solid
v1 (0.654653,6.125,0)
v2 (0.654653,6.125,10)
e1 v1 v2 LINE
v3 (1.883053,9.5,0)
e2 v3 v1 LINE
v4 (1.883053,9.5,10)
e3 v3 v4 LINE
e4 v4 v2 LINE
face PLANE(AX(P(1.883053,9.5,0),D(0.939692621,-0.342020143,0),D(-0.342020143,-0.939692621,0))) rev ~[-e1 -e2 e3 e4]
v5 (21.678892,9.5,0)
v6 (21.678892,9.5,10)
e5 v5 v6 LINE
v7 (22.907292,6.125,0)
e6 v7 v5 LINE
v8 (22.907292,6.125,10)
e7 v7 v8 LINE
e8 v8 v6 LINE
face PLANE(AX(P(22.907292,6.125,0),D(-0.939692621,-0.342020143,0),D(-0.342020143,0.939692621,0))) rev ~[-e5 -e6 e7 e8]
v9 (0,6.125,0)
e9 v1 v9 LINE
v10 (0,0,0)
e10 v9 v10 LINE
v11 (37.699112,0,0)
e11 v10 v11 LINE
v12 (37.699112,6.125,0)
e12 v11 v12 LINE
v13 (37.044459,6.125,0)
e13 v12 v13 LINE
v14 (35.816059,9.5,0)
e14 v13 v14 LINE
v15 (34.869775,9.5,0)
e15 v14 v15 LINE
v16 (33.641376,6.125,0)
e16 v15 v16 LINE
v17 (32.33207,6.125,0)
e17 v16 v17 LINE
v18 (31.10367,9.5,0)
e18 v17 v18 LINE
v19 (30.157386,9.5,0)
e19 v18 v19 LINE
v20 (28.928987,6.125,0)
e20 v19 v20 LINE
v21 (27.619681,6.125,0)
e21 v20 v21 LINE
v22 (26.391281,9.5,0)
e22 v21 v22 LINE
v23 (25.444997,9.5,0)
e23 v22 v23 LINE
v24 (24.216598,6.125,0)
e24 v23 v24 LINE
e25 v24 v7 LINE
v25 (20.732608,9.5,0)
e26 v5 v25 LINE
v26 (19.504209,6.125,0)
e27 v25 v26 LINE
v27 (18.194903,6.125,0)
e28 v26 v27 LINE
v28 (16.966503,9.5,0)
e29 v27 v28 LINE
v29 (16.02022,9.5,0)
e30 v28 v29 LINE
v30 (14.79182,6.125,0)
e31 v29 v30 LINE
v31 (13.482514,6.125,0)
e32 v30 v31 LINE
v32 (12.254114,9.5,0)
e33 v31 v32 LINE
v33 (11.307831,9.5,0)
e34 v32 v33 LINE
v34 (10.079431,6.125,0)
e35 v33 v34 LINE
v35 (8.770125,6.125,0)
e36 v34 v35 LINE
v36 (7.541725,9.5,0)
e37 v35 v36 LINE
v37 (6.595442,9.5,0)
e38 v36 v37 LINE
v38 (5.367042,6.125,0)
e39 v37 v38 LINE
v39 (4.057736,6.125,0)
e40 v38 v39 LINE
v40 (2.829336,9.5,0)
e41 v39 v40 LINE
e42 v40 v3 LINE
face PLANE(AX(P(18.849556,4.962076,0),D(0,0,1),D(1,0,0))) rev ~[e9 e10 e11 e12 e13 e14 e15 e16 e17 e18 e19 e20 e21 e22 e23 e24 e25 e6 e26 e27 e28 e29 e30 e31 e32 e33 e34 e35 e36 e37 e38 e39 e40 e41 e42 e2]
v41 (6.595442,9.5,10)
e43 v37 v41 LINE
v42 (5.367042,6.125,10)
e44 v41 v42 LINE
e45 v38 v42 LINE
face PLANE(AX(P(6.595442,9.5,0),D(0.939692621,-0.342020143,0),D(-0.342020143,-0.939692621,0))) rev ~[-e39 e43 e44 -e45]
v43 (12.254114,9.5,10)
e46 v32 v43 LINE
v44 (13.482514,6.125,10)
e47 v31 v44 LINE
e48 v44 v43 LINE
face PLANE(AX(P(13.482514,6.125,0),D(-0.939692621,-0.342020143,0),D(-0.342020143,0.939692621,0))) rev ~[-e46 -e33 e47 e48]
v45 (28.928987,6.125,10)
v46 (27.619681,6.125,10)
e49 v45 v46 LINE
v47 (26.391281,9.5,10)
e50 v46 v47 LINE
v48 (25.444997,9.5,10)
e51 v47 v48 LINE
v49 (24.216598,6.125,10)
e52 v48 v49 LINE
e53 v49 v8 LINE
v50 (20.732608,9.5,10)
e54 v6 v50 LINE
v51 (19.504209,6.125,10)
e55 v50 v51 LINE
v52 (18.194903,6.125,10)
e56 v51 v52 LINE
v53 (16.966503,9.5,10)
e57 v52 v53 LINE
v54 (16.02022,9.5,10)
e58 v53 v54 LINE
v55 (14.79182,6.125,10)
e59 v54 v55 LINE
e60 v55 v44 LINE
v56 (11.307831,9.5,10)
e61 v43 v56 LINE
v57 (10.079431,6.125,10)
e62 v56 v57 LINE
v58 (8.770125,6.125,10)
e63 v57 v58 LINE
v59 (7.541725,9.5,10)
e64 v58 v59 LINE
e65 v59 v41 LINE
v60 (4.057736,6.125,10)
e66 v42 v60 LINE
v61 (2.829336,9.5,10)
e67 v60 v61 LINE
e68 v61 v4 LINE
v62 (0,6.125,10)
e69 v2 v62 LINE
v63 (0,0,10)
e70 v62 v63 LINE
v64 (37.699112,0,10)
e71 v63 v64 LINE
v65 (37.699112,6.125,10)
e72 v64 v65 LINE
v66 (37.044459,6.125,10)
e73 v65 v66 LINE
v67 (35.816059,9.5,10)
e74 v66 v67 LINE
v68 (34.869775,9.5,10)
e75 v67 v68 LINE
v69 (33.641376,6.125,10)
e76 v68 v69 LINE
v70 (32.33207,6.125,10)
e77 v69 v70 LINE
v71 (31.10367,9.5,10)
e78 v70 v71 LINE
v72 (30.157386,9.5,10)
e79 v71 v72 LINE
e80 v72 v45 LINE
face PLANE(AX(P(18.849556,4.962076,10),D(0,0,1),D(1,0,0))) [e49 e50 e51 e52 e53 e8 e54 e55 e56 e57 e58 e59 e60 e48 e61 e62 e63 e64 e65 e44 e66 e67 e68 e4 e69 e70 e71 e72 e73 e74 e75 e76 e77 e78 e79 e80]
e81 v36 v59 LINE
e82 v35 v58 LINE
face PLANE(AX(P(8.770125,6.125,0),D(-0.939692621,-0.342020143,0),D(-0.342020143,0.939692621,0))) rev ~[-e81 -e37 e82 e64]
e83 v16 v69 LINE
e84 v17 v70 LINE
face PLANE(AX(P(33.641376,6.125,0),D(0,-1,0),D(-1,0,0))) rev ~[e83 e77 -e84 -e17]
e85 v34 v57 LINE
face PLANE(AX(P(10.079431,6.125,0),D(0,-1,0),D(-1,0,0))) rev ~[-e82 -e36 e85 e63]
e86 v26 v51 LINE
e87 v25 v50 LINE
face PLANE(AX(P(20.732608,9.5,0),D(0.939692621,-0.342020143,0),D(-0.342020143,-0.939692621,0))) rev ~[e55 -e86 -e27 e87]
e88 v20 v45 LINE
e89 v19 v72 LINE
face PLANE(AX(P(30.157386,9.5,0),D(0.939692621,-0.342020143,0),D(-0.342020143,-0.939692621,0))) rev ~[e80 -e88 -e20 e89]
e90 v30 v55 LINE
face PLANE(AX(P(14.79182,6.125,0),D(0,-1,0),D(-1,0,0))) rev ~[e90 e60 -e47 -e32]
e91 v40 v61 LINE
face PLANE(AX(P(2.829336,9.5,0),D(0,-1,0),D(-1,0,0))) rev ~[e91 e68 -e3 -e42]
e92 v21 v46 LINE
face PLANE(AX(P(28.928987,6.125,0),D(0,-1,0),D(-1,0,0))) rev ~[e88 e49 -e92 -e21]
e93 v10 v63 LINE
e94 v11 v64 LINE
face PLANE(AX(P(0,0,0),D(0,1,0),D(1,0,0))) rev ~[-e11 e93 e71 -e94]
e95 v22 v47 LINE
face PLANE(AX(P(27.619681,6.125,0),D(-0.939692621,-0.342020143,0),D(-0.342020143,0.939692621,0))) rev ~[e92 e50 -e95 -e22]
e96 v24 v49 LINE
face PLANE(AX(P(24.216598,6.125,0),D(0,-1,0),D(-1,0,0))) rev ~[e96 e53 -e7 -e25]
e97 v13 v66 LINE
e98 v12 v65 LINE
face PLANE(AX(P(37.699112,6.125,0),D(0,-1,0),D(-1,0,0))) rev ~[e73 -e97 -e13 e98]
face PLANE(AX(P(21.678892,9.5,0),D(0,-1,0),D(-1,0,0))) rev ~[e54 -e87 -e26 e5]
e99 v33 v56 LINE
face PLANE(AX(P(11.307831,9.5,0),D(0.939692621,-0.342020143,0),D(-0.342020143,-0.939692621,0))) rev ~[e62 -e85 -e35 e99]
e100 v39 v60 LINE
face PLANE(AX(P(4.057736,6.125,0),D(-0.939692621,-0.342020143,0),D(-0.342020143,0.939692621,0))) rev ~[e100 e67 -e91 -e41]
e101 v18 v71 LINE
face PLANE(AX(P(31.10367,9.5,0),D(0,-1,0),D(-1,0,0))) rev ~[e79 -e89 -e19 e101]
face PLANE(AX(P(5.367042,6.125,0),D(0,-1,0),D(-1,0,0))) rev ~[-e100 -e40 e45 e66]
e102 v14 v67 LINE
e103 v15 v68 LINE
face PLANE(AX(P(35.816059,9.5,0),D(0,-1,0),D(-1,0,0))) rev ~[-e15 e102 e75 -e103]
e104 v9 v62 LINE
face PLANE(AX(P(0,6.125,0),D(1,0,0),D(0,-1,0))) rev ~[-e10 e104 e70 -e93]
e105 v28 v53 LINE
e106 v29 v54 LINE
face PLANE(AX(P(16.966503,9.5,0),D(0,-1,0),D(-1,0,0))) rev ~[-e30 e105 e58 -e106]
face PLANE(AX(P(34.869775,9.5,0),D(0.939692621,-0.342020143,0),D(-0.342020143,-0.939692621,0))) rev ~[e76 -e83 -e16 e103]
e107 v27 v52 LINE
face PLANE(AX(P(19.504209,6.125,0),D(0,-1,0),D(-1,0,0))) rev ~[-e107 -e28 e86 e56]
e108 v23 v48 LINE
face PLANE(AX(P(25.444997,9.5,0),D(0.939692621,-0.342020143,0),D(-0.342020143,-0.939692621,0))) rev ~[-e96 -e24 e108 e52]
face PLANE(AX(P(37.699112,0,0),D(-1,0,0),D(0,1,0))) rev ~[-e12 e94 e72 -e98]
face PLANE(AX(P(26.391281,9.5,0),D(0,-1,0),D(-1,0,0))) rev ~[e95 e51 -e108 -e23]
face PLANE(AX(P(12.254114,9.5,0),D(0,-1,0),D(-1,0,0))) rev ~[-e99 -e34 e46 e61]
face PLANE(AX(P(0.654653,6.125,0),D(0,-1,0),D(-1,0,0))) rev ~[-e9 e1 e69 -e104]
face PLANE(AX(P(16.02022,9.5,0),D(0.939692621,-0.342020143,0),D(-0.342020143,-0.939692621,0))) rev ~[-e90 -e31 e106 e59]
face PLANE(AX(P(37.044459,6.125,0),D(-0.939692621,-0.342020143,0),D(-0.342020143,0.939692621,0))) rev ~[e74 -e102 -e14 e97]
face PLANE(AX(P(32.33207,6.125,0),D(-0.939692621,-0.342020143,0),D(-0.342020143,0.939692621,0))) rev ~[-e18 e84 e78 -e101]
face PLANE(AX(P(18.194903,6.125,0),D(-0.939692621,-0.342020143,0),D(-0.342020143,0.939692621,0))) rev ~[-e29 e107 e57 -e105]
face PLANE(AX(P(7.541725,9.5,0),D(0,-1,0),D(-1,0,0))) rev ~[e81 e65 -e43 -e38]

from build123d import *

# Parameters (mm, degrees)
EXTRUIR1_DEPTH = 10


with BuildPart() as part:
    # Croquis4 → Extruir1 (new body)
    with BuildSketch(Plane.XY):
        Polygon((32.33206977, 6.125), (31.10367023, 9.5), (30.157386445, 9.5), (28.928986905, 6.125), (27.619680795, 6.125), (26.391281255, 9.5), (25.44499747, 9.5), (24.21659793, 6.125), (22.90729182, 6.125), (21.67889228, 9.5), (20.732608495, 9.5), (19.504208955, 6.125), (18.194902845, 6.125), (16.966503305, 9.5), (16.02021952, 9.5), (14.79181998, 6.125), (13.48251387, 6.125), (12.25411433, 9.5), (11.307830545, 9.5), (10.079431005, 6.125), (8.770124895, 6.125), (7.541725355, 9.5), (6.59544157, 9.5), (5.36704203, 6.125), (4.05773592, 6.125), (2.82933638, 9.5), (1.883052595, 9.5), (0.654653055, 6.125), (0, 6.125), (0, 0), (37.6991118, 0), (37.6991118, 6.125), (37.044458745, 6.125), (35.816059205, 9.5), (34.86977542, 9.5), (33.64137588, 6.125), align=None)
    extrude(amount=EXTRUIR1_DEPTH)


solid = part.part
